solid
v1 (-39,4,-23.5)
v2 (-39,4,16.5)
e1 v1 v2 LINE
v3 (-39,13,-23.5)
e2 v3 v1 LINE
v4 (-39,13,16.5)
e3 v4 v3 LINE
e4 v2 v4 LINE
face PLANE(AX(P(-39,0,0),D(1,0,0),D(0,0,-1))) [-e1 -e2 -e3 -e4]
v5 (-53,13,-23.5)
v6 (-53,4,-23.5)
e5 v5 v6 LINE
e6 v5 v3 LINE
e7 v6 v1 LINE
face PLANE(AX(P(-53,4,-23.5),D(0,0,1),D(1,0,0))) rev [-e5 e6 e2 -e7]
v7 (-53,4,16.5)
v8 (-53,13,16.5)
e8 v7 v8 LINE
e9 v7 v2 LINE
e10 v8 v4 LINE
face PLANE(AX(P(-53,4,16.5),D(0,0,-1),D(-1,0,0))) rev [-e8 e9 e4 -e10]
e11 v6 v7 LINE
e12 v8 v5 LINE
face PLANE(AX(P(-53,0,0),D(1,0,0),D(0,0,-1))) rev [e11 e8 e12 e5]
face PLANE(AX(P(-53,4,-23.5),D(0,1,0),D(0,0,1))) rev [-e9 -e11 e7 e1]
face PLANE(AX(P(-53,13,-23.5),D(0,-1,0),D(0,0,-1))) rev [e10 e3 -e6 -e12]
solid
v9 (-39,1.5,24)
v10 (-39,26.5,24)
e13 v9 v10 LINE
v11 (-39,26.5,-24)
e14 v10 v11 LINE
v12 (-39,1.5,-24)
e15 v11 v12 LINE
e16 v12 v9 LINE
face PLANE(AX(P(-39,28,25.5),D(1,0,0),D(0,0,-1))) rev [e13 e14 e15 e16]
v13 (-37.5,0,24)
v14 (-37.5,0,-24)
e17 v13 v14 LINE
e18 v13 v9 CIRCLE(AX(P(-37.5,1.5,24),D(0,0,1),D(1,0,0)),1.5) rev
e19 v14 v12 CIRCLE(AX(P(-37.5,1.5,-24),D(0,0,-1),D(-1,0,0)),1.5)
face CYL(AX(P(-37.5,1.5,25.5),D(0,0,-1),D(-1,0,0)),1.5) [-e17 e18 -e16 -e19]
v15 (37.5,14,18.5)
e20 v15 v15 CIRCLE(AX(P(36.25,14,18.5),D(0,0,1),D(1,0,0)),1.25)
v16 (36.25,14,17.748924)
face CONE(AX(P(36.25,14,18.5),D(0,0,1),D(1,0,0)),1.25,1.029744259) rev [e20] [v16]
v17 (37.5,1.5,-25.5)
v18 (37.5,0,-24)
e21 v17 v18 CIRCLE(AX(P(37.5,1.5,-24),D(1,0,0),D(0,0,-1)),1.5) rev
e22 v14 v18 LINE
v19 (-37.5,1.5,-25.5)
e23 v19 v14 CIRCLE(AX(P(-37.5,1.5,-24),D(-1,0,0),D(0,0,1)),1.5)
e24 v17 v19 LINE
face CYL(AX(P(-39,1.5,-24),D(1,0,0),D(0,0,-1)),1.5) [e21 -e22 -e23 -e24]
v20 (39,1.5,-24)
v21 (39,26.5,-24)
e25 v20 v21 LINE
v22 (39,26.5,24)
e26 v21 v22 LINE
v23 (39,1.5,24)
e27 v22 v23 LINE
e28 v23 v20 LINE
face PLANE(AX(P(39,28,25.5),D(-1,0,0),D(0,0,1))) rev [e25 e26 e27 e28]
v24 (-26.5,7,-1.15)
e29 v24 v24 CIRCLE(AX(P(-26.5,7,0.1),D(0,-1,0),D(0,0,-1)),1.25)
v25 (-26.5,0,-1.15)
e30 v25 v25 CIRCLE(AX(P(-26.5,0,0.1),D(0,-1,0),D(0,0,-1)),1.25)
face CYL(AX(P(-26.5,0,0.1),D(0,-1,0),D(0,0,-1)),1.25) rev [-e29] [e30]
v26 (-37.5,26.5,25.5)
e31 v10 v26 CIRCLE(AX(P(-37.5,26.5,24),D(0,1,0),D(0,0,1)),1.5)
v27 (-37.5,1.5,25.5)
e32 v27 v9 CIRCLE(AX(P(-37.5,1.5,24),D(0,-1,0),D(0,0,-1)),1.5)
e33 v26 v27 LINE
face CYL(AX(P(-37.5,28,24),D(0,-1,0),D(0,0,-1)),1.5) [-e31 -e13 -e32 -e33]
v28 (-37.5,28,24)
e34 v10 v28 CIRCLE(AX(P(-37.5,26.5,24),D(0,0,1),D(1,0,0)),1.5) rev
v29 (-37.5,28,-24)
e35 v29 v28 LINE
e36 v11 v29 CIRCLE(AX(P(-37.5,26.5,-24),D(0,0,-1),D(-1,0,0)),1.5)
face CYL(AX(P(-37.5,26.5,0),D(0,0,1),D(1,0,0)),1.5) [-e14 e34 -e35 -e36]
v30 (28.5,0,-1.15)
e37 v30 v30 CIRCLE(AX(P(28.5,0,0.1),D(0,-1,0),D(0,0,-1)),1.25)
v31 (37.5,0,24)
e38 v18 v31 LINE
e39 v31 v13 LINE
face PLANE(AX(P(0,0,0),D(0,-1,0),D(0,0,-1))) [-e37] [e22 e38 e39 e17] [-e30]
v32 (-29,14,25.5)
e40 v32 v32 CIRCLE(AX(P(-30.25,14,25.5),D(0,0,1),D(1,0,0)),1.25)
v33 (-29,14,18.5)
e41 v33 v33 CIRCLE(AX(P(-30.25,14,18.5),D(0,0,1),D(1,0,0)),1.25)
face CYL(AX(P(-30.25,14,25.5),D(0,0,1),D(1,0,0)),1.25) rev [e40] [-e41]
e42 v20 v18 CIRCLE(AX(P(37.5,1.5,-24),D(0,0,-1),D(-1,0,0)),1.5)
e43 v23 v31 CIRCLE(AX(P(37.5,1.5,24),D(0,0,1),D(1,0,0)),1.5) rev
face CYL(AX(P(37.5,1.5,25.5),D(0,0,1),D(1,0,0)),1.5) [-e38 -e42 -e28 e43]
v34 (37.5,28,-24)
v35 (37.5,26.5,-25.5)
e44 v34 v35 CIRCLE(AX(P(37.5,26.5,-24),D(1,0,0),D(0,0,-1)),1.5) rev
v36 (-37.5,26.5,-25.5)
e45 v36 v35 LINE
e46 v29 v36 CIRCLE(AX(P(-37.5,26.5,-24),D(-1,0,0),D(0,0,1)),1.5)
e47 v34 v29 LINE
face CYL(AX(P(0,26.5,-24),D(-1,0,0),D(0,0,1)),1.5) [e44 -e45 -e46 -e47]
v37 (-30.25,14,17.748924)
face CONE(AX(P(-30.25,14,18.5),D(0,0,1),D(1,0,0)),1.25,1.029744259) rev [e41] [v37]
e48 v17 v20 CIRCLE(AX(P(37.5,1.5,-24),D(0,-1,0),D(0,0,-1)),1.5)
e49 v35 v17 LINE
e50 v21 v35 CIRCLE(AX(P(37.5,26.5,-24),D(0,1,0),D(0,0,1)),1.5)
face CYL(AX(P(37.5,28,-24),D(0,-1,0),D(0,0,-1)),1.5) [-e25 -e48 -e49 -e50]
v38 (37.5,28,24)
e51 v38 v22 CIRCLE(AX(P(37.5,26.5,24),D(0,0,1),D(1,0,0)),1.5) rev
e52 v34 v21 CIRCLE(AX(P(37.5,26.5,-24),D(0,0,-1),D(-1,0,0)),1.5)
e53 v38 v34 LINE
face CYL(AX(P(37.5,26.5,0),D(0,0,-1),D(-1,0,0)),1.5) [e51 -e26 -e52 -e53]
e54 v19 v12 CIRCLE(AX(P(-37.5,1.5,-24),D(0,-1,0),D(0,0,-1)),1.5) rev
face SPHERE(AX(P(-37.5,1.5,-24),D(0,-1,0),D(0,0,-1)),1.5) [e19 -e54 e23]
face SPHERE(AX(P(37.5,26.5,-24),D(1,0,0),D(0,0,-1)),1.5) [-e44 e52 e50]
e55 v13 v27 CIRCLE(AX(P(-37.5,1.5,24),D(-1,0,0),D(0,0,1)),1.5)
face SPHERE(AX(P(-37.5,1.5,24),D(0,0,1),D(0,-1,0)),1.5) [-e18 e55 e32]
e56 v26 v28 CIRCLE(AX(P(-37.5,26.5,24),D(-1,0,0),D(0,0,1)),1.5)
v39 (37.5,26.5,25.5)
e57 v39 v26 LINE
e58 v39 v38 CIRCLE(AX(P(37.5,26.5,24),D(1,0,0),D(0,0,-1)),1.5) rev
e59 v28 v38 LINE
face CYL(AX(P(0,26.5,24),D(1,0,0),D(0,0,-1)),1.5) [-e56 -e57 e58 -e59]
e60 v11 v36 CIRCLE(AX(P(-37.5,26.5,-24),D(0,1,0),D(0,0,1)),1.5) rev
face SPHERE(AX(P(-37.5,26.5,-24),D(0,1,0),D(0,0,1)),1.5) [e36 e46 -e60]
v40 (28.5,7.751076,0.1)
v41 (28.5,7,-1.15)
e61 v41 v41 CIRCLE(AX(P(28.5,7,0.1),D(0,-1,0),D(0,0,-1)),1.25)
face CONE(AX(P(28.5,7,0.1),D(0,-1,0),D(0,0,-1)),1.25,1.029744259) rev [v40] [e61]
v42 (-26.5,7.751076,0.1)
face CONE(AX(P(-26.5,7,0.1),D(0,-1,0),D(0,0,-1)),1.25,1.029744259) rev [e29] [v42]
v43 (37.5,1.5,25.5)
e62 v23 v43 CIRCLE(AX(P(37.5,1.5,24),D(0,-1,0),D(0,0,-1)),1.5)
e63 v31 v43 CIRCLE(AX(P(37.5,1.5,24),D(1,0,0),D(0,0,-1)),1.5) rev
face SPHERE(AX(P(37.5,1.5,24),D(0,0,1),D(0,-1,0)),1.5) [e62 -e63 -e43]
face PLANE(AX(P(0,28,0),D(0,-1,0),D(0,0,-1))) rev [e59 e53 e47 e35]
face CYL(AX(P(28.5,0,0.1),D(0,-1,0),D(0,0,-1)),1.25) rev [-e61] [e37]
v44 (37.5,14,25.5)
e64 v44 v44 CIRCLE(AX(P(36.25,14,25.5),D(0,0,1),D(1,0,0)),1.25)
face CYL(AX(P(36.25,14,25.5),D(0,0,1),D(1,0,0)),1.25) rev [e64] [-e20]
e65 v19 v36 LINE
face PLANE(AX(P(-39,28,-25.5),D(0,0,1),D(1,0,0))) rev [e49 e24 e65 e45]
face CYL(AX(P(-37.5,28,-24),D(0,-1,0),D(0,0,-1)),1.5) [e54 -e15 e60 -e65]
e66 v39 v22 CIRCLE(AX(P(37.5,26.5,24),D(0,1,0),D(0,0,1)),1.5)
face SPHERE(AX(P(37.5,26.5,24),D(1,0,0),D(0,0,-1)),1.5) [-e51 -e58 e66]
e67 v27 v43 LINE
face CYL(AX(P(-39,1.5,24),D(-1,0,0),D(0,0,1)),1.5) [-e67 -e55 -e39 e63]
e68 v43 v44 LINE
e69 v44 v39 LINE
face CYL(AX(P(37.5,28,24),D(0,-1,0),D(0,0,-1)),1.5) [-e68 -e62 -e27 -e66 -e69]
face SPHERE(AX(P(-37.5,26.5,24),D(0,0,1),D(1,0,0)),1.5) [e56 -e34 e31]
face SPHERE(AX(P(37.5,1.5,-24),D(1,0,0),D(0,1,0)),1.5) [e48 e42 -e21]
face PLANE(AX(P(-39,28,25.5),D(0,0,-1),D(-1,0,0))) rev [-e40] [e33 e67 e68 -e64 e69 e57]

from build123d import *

# Parameters (mm, degrees)
SKETCH2_W           = 78
SKETCH2_H           = 51.00000000000001
BOSS_EXTRUDE1_DEPTH = 28
SKETCH3_W           = 40
SKETCH3_H           = 9.000000000000002
BOSS_EXTRUDE2_DEPTH = 14
FILLET1_R           = 1.5


with BuildPart() as part:
    # Sketch2 → Boss-Extrude1 (new body)
    with BuildSketch(Plane(origin=(0, 0, 0), x_dir=(1, 0, 0), z_dir=(0, 1, 0))):
        Rectangle(SKETCH2_W, SKETCH2_H)
    extrude(amount=BOSS_EXTRUDE1_DEPTH)

    # Sketch5 → Tap Drill for M3 Tap1 (revolve, cut)
    with BuildSketch(Plane(origin=(-26.499999999999996, 0, 0.0999999999999994), x_dir=(0, 0, -1), z_dir=(1, 0, 0))):
        Polygon((0, 0), (-1.9e-15, 7.751075773784449), (1.2499999999999876, 7.000000000000006), (1.249999999999989, -1.4e-15), align=None)
    revolve(axis=Axis((-26.499999999999996, -6.349999999999991, 0.0999999999999994), (0, 1, 0)), mode=Mode.SUBTRACT)

    # Sketch5 at point 2 (carried to point 2, square into its face) → Tap Drill for M3 Tap1 at 2 (revolve, cut)
    with BuildSketch(Plane(origin=(28.5, 0, 0.1), x_dir=(0, 0, -1), z_dir=(1, 0, 0))):
        Polygon((0, 0), (-1.9e-15, 7.751075773784449), (1.2499999999999876, 7.000000000000006), (1.249999999999989, -1.4e-15), align=None)
    revolve(axis=Axis((28.5, -6.35, 0.1), (0, 1, 0)), mode=Mode.SUBTRACT)

    # Sketch5 at point 3 (carried to point 3, square into its face) → Tap Drill for M3 Tap1 at 3 (revolve, cut)
    with BuildSketch(Plane(origin=(-30.25, 14, 25.5), x_dir=(0, -1, 0), z_dir=(1, 0, 0))):
        Polygon((0, 0), (-1.9e-15, 7.751075773784449), (1.2499999999999876, 7.000000000000006), (1.249999999999989, -1.4e-15), align=None)
    revolve(axis=Axis((-30.25, 14, 31.85), (0, 0, -1)), mode=Mode.SUBTRACT)

    # Sketch5 at point 4 (carried to point 4, square into its face) → Tap Drill for M3 Tap1 at 4 (revolve, cut)
    with BuildSketch(Plane(origin=(36.25, 14, 25.5), x_dir=(0, -1, 0), z_dir=(1, 0, 0))):
        Polygon((0, 0), (-1.9e-15, 7.751075773784449), (1.2499999999999876, 7.000000000000006), (1.249999999999989, -1.4e-15), align=None)
    revolve(axis=Axis((36.25, 14, 31.85), (0, 0, -1)), mode=Mode.SUBTRACT)

    # Fillet1
    fillet1_edges = [part.edges().sort_by_distance(p)[0] for p in [
        (-38.99999999999999, 28, 0),
        (7.11e-15, 28, 25.5),
        (39.00000000000001, 28, 0),
        (7.11e-15, 0, 25.5),
        (-38.99999999999999, 0, 0),
        (7.11e-15, 0, -25.5),
        (39.00000000000001, 0, 0),
        (39.00000000000001, 14, 25.5),
        (-38.99999999999999, 14, 25.5),
        (-38.99999999999999, 14, -25.5),
        (39.00000000000001, 14, -25.5),
        (7.11e-15, 28, -25.5),
    ]]
    fillet(fillet1_edges, radius=FILLET1_R)


with BuildPart() as body_2:
    # Sketch3 → Boss-Extrude2 (new body)
    with BuildSketch(Plane.ZY.offset(38.99999999999999)):
        with Locations((-3.5, 8.5)):
            Rectangle(SKETCH3_W, SKETCH3_H)
    extrude(amount=BOSS_EXTRUDE2_DEPTH)


solid = Compound([part.part, body_2.part])
